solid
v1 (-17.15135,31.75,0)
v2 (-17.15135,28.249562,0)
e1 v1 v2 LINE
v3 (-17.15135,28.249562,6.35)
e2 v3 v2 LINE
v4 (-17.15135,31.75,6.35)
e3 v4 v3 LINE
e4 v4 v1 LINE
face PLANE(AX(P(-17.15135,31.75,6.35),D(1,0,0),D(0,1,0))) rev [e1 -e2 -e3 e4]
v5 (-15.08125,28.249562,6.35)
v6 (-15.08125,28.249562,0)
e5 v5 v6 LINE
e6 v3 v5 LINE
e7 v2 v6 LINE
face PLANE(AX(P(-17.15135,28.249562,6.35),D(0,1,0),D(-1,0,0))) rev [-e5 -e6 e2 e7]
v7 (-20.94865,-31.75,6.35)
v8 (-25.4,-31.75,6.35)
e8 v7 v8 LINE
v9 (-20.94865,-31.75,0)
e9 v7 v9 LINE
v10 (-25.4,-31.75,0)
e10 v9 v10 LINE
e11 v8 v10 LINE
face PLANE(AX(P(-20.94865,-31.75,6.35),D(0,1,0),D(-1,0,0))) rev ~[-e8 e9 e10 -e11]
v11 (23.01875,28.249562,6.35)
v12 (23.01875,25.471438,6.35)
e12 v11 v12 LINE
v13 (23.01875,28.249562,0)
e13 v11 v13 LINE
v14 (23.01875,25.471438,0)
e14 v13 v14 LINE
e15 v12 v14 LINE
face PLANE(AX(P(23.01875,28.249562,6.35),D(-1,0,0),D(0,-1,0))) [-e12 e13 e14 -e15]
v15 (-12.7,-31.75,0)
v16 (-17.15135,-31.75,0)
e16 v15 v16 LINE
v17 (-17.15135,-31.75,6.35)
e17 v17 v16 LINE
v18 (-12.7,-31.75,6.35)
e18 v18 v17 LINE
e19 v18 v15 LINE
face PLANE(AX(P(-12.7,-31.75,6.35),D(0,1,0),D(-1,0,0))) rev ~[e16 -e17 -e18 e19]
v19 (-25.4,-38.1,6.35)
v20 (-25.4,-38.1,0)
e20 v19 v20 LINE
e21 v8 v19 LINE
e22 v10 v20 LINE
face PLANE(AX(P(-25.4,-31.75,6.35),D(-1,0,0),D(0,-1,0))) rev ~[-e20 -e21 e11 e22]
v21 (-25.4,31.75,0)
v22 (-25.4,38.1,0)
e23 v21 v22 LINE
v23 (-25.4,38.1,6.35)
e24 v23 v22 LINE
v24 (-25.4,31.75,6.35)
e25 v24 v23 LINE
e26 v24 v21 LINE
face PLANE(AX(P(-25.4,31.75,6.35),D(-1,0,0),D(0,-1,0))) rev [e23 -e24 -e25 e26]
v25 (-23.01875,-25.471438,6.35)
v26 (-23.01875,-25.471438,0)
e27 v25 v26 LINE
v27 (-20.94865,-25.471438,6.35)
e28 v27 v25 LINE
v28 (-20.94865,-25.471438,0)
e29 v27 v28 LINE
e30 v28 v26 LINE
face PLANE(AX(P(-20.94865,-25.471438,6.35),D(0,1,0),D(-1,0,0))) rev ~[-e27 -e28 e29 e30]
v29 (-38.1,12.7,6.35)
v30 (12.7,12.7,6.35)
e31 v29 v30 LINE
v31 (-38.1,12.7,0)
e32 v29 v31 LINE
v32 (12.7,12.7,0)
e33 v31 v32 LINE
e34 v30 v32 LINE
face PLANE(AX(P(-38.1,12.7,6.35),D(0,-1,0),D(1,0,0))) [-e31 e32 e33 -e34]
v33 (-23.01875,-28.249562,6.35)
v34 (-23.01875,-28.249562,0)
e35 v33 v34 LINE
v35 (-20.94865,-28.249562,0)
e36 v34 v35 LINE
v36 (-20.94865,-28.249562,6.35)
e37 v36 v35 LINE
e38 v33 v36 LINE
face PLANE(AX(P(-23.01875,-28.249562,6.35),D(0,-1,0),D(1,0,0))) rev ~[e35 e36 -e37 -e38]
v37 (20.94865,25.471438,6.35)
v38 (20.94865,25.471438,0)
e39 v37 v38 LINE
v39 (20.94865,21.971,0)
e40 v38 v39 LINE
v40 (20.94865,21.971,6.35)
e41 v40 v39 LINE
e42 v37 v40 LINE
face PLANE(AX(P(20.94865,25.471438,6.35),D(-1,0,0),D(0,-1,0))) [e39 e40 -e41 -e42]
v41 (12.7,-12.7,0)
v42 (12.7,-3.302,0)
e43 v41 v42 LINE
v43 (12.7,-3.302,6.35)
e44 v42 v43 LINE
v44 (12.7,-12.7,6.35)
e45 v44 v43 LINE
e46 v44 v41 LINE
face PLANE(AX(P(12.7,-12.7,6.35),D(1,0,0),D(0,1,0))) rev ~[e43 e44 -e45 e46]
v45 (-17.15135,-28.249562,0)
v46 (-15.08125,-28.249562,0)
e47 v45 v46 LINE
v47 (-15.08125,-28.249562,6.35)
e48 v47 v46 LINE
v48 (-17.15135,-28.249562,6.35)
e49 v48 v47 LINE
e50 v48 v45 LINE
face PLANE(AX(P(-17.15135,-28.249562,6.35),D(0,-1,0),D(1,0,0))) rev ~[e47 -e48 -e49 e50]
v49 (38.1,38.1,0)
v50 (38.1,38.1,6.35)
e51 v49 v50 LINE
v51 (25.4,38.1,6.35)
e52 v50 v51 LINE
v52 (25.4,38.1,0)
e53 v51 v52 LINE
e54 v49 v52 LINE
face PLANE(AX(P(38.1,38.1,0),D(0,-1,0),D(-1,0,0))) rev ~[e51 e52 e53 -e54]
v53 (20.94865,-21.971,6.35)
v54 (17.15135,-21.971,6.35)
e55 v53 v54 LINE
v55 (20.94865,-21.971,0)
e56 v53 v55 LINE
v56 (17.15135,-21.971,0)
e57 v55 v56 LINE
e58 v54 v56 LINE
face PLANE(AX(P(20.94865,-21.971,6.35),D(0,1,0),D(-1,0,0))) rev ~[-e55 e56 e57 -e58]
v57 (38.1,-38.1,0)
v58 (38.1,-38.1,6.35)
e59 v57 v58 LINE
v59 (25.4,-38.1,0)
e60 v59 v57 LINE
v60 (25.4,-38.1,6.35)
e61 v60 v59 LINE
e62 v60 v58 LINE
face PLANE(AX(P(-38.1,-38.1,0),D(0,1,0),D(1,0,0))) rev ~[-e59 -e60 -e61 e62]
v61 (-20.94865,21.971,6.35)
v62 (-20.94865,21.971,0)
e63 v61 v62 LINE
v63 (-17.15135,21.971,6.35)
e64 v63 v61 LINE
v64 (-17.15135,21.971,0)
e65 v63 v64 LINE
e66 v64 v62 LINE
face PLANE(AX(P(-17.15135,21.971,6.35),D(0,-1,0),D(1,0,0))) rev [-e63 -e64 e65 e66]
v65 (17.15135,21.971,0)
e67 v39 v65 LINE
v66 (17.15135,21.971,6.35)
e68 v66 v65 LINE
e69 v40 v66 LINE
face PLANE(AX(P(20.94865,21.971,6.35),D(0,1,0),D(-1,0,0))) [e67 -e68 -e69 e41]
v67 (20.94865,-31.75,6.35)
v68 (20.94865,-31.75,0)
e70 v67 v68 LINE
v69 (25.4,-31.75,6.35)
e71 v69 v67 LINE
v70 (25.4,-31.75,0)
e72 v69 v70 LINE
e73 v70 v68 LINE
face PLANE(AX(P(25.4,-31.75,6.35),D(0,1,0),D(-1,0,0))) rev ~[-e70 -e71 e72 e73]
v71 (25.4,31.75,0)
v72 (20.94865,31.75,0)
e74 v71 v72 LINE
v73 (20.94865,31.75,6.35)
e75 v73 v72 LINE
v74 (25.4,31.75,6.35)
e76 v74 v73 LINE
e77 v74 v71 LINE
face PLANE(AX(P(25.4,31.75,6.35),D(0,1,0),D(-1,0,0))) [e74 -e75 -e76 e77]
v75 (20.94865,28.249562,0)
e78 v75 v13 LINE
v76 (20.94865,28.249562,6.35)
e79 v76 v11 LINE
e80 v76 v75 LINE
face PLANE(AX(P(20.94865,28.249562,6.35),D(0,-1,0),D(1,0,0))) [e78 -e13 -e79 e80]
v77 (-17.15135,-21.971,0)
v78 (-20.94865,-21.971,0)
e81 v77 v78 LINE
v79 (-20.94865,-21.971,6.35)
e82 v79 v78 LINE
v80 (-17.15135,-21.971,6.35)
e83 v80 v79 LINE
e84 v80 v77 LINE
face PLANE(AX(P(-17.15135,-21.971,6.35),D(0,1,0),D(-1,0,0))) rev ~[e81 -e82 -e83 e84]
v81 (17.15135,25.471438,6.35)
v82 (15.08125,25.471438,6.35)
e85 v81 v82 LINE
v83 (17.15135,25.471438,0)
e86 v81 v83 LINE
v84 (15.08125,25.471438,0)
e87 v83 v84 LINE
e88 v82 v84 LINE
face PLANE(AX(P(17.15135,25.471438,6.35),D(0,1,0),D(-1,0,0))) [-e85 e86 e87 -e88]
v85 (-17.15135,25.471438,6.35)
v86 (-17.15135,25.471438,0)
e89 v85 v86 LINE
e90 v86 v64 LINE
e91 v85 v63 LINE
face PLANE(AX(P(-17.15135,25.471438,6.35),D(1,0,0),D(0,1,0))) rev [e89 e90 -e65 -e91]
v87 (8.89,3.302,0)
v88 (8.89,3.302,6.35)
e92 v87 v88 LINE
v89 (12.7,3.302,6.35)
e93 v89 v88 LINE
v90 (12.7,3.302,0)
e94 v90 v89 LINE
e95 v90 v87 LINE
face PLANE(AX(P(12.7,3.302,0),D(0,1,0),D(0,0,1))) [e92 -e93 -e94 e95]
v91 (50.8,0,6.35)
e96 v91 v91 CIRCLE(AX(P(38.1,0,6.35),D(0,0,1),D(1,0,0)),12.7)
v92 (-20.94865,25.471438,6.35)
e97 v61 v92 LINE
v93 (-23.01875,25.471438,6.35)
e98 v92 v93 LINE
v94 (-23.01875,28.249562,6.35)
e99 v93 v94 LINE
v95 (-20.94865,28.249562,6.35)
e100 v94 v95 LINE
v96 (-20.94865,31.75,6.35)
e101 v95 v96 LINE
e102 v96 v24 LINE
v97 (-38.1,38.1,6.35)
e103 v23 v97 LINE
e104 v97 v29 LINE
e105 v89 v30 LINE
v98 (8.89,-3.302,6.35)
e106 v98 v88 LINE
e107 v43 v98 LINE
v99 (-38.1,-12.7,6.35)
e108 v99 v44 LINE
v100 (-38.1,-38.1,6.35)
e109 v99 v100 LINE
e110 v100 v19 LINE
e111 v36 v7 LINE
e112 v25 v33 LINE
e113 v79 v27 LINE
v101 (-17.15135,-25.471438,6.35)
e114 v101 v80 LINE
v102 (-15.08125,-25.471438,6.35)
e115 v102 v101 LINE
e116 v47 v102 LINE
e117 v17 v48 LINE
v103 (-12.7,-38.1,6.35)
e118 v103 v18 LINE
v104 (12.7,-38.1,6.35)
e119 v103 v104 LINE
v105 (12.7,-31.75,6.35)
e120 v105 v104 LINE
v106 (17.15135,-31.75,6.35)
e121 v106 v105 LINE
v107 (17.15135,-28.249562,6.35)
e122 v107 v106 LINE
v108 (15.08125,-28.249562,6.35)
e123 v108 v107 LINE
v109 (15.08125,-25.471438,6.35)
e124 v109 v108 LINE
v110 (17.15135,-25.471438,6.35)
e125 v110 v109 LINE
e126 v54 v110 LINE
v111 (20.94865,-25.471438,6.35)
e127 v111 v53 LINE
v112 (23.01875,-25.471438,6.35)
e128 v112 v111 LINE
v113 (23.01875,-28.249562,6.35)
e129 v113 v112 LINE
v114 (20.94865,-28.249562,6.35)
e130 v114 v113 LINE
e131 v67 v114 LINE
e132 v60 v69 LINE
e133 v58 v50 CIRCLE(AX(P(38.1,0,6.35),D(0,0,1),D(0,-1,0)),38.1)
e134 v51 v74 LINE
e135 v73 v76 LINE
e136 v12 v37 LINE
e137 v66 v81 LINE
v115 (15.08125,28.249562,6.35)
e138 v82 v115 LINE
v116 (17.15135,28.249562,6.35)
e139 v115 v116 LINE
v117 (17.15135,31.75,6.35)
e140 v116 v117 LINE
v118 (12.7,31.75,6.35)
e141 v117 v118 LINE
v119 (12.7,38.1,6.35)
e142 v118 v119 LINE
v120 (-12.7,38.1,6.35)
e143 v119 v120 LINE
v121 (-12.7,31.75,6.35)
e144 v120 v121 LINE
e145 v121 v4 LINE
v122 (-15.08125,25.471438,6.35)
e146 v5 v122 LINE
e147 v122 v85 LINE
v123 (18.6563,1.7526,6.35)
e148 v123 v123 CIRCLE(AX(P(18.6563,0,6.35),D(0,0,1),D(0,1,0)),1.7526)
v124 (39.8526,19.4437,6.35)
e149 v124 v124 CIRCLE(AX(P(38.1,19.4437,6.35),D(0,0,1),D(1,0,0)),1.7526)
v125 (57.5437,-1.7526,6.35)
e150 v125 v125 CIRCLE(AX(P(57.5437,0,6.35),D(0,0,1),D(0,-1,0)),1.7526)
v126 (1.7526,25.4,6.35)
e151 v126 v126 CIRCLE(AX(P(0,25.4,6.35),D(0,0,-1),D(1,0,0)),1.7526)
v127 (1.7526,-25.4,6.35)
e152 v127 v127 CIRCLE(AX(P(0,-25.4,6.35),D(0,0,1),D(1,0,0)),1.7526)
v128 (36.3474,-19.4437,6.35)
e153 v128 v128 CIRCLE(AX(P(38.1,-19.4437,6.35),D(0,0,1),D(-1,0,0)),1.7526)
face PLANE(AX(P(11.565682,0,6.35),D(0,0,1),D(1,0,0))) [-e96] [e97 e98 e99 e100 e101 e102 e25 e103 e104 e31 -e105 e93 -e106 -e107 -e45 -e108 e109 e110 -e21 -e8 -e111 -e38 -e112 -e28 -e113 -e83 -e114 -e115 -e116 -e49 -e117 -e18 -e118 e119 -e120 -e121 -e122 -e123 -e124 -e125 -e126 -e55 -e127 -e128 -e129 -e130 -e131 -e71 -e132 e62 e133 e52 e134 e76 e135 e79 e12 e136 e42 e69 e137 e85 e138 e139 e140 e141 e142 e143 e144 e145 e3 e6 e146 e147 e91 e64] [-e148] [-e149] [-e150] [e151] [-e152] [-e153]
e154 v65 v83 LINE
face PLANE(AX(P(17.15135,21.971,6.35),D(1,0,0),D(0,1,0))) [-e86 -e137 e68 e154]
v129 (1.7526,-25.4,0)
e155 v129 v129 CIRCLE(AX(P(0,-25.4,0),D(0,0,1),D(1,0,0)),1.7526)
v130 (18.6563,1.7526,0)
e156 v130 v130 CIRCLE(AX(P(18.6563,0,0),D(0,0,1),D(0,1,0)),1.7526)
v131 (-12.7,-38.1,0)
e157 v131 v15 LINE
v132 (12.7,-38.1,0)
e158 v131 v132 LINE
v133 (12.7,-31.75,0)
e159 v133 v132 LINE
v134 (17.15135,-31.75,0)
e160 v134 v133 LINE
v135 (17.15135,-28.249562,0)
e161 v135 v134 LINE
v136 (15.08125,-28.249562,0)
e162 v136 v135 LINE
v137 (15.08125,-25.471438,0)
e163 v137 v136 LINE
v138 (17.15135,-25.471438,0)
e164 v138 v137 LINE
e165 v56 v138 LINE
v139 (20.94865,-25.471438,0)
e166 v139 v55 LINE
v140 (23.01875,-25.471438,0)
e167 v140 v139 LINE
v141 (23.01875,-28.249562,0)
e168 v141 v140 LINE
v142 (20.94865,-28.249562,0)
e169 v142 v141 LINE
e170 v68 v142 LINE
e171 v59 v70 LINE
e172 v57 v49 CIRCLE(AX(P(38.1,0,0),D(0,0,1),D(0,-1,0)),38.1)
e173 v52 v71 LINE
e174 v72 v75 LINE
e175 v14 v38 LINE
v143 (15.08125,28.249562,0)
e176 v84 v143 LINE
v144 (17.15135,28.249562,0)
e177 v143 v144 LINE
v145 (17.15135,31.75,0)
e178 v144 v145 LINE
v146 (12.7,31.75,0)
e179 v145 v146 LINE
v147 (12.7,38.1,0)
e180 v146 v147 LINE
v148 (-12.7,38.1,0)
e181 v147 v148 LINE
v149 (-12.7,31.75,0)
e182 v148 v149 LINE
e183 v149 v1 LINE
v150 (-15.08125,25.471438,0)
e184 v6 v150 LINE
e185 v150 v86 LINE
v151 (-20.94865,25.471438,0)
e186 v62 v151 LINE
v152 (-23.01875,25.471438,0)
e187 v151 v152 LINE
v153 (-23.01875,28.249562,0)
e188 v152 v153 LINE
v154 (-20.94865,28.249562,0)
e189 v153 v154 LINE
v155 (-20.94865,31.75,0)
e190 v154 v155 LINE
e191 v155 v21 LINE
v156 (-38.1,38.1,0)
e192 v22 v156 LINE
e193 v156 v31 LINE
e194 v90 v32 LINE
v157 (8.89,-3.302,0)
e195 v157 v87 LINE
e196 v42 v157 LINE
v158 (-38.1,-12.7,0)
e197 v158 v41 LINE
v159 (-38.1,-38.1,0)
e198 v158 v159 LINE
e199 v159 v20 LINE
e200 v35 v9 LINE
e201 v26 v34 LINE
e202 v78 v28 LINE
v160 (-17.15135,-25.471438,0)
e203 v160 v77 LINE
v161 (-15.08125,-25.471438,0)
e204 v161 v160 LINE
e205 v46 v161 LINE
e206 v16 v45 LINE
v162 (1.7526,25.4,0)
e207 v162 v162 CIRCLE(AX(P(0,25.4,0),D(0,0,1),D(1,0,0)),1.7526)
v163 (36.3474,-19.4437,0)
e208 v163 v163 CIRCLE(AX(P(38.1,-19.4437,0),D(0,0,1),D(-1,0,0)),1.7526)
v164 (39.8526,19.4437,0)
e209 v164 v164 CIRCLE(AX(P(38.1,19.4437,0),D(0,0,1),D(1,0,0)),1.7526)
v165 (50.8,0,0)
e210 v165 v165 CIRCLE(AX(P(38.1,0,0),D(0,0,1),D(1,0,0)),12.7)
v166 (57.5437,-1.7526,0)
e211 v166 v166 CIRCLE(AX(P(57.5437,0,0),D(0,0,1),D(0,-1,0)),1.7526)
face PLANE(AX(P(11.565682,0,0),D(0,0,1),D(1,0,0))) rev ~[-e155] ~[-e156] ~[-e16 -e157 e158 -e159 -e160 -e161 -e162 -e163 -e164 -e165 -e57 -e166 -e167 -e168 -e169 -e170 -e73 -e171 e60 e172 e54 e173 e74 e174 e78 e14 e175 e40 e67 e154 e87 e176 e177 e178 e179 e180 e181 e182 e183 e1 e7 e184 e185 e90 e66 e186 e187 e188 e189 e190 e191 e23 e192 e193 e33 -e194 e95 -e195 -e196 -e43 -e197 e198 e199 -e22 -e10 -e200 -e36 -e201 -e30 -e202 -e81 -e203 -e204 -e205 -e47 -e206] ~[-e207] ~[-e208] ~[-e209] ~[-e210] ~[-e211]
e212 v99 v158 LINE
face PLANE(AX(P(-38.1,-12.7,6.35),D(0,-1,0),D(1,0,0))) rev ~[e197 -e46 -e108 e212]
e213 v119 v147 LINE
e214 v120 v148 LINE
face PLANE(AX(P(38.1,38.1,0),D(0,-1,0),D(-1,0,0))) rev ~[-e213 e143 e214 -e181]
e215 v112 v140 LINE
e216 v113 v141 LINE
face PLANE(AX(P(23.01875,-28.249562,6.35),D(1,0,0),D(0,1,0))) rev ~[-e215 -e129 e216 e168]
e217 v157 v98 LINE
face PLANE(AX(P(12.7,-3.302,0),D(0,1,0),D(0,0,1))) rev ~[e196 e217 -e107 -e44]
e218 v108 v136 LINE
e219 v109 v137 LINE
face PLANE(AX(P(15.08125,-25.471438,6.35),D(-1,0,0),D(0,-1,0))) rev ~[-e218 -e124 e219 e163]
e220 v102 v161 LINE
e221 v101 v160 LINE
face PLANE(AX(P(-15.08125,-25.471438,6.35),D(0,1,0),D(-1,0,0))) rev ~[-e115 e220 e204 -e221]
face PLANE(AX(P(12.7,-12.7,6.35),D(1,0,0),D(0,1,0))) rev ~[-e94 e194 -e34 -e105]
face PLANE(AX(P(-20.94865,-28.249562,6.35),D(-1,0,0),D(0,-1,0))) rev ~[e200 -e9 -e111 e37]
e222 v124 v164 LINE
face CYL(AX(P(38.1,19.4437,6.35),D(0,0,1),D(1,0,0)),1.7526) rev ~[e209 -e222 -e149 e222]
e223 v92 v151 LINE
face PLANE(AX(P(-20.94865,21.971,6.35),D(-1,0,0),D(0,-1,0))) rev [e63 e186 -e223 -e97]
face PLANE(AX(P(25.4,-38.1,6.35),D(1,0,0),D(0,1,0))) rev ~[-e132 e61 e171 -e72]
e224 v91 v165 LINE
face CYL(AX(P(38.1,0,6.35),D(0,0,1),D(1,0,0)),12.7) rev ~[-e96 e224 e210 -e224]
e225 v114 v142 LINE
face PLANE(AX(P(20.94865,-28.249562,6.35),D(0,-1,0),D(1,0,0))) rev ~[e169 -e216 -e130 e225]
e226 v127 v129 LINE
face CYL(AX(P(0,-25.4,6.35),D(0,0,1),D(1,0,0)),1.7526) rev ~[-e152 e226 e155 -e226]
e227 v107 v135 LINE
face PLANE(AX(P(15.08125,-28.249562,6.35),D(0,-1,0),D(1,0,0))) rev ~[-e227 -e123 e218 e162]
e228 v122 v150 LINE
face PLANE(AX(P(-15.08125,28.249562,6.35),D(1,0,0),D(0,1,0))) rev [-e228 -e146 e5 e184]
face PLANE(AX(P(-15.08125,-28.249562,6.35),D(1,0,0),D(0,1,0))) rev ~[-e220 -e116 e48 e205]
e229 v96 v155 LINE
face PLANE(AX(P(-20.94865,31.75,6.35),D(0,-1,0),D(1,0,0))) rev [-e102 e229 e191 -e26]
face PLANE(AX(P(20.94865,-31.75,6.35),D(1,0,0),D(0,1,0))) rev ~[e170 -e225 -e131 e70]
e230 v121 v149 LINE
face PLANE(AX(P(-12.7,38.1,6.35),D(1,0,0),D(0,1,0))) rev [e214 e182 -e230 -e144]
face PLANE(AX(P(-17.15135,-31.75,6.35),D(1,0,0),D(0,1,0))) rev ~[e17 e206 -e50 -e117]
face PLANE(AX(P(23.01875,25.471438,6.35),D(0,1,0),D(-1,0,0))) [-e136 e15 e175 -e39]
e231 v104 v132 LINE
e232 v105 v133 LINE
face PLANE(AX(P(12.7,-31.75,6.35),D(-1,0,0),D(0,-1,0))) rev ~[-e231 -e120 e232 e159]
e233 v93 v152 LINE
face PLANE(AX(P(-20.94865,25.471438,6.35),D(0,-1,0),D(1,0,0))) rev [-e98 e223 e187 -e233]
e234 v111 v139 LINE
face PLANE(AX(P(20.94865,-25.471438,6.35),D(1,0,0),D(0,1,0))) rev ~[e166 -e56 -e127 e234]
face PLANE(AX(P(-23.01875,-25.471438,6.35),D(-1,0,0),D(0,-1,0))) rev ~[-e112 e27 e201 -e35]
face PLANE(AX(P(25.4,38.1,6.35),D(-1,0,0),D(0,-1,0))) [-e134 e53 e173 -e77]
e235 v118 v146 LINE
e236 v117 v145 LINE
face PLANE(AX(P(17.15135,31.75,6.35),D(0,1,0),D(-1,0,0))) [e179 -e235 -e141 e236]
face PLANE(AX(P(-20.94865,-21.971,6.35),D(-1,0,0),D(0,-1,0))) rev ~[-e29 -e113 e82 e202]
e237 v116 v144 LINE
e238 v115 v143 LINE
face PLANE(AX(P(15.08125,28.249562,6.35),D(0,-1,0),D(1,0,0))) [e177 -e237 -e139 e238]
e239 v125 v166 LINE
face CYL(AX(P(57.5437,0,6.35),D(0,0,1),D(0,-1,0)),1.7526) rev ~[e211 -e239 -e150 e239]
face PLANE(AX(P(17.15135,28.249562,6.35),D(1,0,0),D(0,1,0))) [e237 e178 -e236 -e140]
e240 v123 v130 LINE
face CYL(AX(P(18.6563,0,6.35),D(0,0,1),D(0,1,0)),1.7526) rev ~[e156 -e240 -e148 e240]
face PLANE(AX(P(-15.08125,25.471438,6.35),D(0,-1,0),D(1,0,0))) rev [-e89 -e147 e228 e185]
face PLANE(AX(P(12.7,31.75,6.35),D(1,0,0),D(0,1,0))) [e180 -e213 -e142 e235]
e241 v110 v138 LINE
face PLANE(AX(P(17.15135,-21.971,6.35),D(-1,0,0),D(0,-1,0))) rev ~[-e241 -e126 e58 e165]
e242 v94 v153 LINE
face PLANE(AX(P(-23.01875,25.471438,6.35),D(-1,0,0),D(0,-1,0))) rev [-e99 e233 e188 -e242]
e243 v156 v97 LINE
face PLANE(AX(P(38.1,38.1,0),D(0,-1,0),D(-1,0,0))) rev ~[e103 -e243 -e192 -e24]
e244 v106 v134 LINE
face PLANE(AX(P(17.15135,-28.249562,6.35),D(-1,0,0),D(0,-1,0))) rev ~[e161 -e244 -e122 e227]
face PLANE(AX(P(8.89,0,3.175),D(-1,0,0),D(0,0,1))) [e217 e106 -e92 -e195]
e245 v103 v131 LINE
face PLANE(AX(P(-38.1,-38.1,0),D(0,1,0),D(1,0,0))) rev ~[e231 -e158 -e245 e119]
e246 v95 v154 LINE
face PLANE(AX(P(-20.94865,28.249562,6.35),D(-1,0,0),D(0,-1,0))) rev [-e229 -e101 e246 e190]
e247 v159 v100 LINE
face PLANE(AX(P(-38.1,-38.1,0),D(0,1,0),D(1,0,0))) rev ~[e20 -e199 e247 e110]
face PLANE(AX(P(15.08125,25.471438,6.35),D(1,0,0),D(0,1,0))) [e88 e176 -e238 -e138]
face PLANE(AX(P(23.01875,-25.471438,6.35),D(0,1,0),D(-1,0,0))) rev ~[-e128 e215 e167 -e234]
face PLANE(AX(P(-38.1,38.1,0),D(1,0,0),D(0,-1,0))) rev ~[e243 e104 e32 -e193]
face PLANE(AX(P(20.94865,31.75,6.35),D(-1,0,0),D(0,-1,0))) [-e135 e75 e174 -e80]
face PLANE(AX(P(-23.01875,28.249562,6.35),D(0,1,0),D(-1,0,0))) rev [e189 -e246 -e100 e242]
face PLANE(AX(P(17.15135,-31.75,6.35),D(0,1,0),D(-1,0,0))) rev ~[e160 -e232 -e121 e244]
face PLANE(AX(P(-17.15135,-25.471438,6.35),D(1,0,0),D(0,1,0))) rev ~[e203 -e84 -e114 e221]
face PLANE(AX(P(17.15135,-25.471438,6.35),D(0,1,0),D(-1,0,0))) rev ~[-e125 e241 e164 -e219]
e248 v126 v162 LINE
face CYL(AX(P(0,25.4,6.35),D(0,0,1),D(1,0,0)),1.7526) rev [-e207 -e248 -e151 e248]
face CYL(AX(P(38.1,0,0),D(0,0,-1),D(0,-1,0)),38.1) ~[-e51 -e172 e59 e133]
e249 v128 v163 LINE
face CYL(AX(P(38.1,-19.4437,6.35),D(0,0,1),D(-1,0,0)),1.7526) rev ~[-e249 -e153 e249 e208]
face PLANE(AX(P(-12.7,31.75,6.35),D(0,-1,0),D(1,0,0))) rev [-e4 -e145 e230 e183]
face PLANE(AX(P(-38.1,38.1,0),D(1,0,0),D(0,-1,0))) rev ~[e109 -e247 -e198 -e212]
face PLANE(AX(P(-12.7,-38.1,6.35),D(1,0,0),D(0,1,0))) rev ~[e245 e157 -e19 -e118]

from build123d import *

# Parameters (mm, degrees)
BOSS_EXTRUDE1_DEPTH  = 6.35
SKETCH2_W            = 50.8
SKETCH2_H            = 25.4
CUT_EXTRUDE1_DEPTH   = 86.430512699
CUT_EXTRUDE2_DEPTH   = 6.35
LPATTERN1_COUNT      = 2
LPATTERN1_PITCH      = 38.1
SKETCH4_R            = 1.7526
CUT_EXTRUDE5_DEPTH   = 86.430512699
SKETCH6_W            = 6.35
SKETCH6_H            = 6.604
BOSS_EXTRUDE2_DEPTH  = 3.81
MIRROR4_COPY_1_DEPTH = 6.35
SKETCH5_R            = 12.7
CUT_EXTRUDE4_DEPTH   = 86.430512699
SKETCH7_R            = 1.7526
CUT_EXTRUDE6_DEPTH   = 86.430512699
CIRPATTERN1_COUNT    = 4


with BuildPart() as part:
    # Sketch1 → Boss-Extrude1 (new body)
    with BuildSketch(Plane.XY):
        with BuildLine():
            Line((-38.1, -38.1), (38.1, -38.1))
            ThreePointArc((38.1, -38.1), (76.2, 0), (38.1, 38.1))
            Line((38.1, 38.1), (-38.1, 38.1))
            Line((-38.1, 38.1), (-38.1, -38.1))
        make_face()
    extrude(amount=BOSS_EXTRUDE1_DEPTH)

    # Sketch2 → Cut-Extrude1 (cut, through all)
    with BuildSketch(Plane.XY.offset(6.35)):
        with Locations((-12.7, 0)):
            Rectangle(SKETCH2_W, SKETCH2_H)
    extrude(amount=-CUT_EXTRUDE1_DEPTH, mode=Mode.SUBTRACT)

    # Sketch3 → Cut-Extrude2 (cut)
    with BuildSketch(Plane.XY.offset(6.35)):
        Polygon((-25.4, -38.1), (-12.7, -38.1), (-12.7, -31.75), (-17.15135, -31.75), (-17.15135, -28.2495625), (-15.08125, -28.2495625), (-15.08125, -25.4714375), (-17.15135, -25.4714375), (-17.15135, -21.971), (-20.94865, -21.971), (-20.94865, -25.4714375), (-23.01875, -25.4714375), (-23.01875, -28.2495625), (-20.94865, -28.2495625), (-20.94865, -31.75), (-25.4, -31.75), align=None)
    cut_extrude2 = extrude(amount=-CUT_EXTRUDE2_DEPTH, mode=Mode.SUBTRACT)

    # LPattern1: Cut-Extrude2 ×2
    with Locations(*[(i * LPATTERN1_PITCH, 0, 0) for i in range(1, LPATTERN1_COUNT)]):
        add(cut_extrude2, mode=Mode.SUBTRACT)

    # Sketch4 → Cut-Extrude5 (cut, through all)
    with BuildSketch(Plane.XY.offset(6.35)):
        with Locations((0, -25.4)):
            Circle(SKETCH4_R)
    cut_extrude5 = extrude(amount=-CUT_EXTRUDE5_DEPTH, mode=Mode.SUBTRACT)

    # Sketch6 → Boss-Extrude2 (add)
    with BuildSketch(Plane.ZY.offset(-12.7)):
        with Locations((3.175, 0)):
            Rectangle(SKETCH6_W, SKETCH6_H)
    extrude(amount=BOSS_EXTRUDE2_DEPTH)

    # Mirror3: Cut-Extrude5 across plane
    add(cut_extrude5.mirror(Plane.ZX), mode=Mode.SUBTRACT)

    # Mirror4: Cut-Extrude2 across plane
    add(cut_extrude2.mirror(Plane.ZX), mode=Mode.SUBTRACT)

    # Mirror4 copy 1 sketch → Mirror4 copy 1 (cut)
    with BuildSketch(Plane(origin=(38.1, 0, 6.35), x_dir=(1, 0, 0), z_dir=(0, 0, 1))):
        Polygon((-25.4, 38.1), (-12.7, 38.1), (-12.7, 31.75), (-17.15135, 31.75), (-17.15135, 28.2495625), (-15.08125, 28.2495625), (-15.08125, 25.4714375), (-17.15135, 25.4714375), (-17.15135, 21.971), (-20.94865, 21.971), (-20.94865, 25.4714375), (-23.01875, 25.4714375), (-23.01875, 28.2495625), (-20.94865, 28.2495625), (-20.94865, 31.75), (-25.4, 31.75), align=None)
    extrude(amount=-MIRROR4_COPY_1_DEPTH, mode=Mode.SUBTRACT)

    # Sketch5 → Cut-Extrude4 (cut, through all)
    with BuildSketch(Plane.XY.offset(6.35)):
        with Locations((38.1, 0)):
            Circle(SKETCH5_R)
    extrude(amount=-CUT_EXTRUDE4_DEPTH, mode=Mode.SUBTRACT)

    # Sketch7 → Cut-Extrude6 (cut, through all)
    with BuildSketch(Plane.XY.offset(6.35)):
        with Locations((38.1, 19.4437)):
            Circle(SKETCH7_R)
    cut_extrude6 = extrude(amount=-CUT_EXTRUDE6_DEPTH, mode=Mode.SUBTRACT)

    # CirPattern1: Cut-Extrude6 ×4 about axis
    cirpattern1_axis = Axis((38.1, 0, 0), (0, 0, 1))
    for i in range(1, CIRPATTERN1_COUNT):
        add(cut_extrude6.rotate(cirpattern1_axis, i * 360 / CIRPATTERN1_COUNT), mode=Mode.SUBTRACT)


solid = part.part
